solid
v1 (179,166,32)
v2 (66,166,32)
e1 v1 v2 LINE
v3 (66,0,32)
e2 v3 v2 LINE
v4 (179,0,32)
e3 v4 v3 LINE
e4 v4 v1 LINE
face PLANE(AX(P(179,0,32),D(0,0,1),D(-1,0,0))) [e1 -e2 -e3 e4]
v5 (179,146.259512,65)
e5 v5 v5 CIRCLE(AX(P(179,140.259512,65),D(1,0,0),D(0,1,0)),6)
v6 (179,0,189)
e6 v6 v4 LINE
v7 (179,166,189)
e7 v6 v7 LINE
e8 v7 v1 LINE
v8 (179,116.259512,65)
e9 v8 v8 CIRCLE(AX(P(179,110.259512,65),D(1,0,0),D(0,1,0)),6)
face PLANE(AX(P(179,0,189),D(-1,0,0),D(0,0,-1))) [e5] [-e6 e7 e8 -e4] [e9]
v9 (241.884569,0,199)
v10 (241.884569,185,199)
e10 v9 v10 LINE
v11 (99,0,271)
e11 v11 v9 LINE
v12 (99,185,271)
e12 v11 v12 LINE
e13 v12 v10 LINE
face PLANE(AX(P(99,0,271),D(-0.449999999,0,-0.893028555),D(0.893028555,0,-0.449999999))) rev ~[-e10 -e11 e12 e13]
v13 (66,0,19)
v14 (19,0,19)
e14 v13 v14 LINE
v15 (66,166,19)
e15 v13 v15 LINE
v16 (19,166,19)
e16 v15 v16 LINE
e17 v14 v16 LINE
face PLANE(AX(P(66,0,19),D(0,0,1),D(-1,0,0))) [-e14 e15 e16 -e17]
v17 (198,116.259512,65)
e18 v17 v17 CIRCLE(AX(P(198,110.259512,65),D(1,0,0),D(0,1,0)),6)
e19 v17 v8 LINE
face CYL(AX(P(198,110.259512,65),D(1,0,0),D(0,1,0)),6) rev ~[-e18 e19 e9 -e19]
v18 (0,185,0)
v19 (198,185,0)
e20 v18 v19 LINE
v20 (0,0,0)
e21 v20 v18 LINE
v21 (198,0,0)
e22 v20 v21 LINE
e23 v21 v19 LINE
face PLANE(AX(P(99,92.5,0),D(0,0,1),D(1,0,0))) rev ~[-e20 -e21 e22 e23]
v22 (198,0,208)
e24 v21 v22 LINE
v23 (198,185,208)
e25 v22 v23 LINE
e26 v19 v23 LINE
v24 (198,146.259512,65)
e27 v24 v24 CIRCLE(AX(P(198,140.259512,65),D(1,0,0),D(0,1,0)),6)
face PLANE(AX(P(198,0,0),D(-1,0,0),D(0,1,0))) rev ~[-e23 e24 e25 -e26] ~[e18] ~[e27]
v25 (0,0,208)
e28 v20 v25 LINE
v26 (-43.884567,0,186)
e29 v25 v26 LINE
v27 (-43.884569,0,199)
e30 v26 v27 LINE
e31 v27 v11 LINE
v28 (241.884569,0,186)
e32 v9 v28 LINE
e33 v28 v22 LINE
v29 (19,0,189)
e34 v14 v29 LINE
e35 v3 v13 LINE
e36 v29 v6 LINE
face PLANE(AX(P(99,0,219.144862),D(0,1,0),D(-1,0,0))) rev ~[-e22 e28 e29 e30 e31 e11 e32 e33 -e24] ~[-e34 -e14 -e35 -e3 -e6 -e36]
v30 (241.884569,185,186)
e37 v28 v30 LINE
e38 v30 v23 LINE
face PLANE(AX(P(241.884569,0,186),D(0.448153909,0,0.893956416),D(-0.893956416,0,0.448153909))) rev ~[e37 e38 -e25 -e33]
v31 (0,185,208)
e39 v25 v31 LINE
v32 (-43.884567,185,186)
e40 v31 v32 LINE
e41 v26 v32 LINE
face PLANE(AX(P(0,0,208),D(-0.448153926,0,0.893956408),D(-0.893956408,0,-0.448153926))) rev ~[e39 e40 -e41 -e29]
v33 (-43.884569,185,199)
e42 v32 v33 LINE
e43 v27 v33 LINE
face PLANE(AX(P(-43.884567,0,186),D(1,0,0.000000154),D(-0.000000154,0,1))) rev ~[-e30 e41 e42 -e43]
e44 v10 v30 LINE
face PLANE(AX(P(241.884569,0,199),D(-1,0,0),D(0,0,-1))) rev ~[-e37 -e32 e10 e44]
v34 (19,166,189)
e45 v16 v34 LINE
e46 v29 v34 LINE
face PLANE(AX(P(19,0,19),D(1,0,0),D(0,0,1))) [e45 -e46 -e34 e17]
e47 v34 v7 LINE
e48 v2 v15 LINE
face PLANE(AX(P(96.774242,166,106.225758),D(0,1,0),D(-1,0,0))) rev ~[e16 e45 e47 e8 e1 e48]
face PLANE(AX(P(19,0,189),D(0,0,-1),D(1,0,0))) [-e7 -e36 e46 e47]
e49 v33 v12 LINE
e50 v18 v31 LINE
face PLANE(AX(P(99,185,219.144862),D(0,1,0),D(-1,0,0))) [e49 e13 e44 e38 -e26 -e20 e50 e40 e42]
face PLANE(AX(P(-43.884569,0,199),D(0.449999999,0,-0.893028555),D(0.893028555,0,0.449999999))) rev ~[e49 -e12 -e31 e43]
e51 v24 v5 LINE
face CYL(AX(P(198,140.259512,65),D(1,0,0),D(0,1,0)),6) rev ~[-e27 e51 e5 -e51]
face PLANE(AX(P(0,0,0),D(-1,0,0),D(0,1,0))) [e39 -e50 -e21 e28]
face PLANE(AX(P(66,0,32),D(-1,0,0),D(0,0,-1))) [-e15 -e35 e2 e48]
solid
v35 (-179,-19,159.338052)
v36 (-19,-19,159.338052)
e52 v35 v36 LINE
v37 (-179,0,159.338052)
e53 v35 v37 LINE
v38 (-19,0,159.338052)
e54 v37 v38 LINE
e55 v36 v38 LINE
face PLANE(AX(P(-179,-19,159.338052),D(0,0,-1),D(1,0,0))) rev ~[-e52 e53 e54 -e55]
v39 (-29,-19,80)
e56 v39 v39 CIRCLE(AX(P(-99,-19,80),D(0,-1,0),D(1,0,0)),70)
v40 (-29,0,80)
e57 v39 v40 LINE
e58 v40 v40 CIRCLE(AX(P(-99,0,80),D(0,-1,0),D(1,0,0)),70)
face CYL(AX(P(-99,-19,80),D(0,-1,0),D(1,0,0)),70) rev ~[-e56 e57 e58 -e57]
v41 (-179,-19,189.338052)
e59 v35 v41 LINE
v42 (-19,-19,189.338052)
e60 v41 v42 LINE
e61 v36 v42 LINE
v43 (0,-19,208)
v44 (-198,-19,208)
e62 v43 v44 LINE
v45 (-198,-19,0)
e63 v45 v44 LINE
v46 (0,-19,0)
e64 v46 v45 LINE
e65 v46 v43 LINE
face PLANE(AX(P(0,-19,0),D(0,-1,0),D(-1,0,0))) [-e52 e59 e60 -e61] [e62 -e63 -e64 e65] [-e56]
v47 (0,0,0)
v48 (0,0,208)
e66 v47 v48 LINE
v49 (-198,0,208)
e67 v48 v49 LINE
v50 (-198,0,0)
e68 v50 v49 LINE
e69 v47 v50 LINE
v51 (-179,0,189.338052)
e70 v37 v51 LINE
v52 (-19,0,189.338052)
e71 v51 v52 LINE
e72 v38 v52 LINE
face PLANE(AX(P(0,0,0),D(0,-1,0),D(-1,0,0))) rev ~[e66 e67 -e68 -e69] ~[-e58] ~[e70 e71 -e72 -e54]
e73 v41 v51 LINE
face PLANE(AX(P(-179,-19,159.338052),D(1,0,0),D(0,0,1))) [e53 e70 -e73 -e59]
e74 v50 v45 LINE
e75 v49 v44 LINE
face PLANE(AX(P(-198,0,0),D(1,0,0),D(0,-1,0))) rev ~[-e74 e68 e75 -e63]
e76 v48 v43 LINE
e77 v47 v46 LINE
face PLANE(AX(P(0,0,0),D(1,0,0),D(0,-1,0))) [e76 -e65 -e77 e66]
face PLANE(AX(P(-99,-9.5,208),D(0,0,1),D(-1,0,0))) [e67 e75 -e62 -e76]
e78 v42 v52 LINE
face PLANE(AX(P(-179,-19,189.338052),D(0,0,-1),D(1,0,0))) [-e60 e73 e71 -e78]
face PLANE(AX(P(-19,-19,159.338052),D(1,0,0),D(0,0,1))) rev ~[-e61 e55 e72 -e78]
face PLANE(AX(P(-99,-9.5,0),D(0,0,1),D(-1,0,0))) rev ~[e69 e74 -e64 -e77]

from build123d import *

# Parameters (mm, degrees)
BOX_W           = 198
BOX_H           = 185
BOX_DEPTH       = 208
POCKET_DEPTH    = 166
SKETCH001_R     = 6
POCKET004_DEPTH = 25
PAD_DEPTH       = 185
BOX001_W        = 198
BOX001_H        = 19
BOX001_DEPTH    = 208
SKETCH004_R     = 70
SKETCH004_W     = 160
SKETCH004_H     = 30
POCKET003_DEPTH = 19


with BuildPart() as pad:
    # Box → Box (new body)
    with BuildSketch(Plane.XY):
        with Locations((99, 92.5)):
            Rectangle(BOX_W, BOX_H)
    extrude(amount=BOX_DEPTH)

    # Sketch → Pocket (cut)
    with BuildSketch(Plane.XZ):
        Polygon((19, 19), (19, 189), (179, 189), (179, 32), (66, 32), (66, 19), align=None)
    extrude(amount=-POCKET_DEPTH, mode=Mode.SUBTRACT)

    # Sketch001 → Pocket004 (cut)
    with BuildSketch(Plane.YZ.offset(198)):
        with Locations((110.259512, 65)):
            Circle(SKETCH001_R)
        with Locations((140.259512, 65)):
            Circle(SKETCH001_R)
    extrude(amount=-POCKET004_DEPTH, mode=Mode.SUBTRACT)

    # Sketch005 → Pad (new body)
    with BuildSketch(Plane.XZ):
        Polygon((-43.884567, 186), (-43.884569, 199), (99, 271), (241.884569, 199), (241.884569, 186), (198, 208), (0, 208), align=None)
    extrude(amount=-PAD_DEPTH)


with BuildPart() as pocket003:
    # Box001 → Box001 (new body)
    with BuildSketch(Plane(origin=(0, 0, 0), x_dir=(-1, 0, 0), z_dir=(0, 0, 1))):
        with Locations((99, 9.5)):
            Rectangle(BOX001_W, BOX001_H)
    extrude(amount=BOX001_DEPTH)

    # Sketch004 → Pocket003 (cut)
    with BuildSketch(Plane.XZ.offset(19)):
        with Locations((-99, 80)):
            Circle(SKETCH004_R)
        with Locations((-99, 174.338052)):
            Rectangle(SKETCH004_W, SKETCH004_H)
    extrude(amount=-POCKET003_DEPTH, mode=Mode.SUBTRACT)


solid = Compound([pad.part, pocket003.part])
